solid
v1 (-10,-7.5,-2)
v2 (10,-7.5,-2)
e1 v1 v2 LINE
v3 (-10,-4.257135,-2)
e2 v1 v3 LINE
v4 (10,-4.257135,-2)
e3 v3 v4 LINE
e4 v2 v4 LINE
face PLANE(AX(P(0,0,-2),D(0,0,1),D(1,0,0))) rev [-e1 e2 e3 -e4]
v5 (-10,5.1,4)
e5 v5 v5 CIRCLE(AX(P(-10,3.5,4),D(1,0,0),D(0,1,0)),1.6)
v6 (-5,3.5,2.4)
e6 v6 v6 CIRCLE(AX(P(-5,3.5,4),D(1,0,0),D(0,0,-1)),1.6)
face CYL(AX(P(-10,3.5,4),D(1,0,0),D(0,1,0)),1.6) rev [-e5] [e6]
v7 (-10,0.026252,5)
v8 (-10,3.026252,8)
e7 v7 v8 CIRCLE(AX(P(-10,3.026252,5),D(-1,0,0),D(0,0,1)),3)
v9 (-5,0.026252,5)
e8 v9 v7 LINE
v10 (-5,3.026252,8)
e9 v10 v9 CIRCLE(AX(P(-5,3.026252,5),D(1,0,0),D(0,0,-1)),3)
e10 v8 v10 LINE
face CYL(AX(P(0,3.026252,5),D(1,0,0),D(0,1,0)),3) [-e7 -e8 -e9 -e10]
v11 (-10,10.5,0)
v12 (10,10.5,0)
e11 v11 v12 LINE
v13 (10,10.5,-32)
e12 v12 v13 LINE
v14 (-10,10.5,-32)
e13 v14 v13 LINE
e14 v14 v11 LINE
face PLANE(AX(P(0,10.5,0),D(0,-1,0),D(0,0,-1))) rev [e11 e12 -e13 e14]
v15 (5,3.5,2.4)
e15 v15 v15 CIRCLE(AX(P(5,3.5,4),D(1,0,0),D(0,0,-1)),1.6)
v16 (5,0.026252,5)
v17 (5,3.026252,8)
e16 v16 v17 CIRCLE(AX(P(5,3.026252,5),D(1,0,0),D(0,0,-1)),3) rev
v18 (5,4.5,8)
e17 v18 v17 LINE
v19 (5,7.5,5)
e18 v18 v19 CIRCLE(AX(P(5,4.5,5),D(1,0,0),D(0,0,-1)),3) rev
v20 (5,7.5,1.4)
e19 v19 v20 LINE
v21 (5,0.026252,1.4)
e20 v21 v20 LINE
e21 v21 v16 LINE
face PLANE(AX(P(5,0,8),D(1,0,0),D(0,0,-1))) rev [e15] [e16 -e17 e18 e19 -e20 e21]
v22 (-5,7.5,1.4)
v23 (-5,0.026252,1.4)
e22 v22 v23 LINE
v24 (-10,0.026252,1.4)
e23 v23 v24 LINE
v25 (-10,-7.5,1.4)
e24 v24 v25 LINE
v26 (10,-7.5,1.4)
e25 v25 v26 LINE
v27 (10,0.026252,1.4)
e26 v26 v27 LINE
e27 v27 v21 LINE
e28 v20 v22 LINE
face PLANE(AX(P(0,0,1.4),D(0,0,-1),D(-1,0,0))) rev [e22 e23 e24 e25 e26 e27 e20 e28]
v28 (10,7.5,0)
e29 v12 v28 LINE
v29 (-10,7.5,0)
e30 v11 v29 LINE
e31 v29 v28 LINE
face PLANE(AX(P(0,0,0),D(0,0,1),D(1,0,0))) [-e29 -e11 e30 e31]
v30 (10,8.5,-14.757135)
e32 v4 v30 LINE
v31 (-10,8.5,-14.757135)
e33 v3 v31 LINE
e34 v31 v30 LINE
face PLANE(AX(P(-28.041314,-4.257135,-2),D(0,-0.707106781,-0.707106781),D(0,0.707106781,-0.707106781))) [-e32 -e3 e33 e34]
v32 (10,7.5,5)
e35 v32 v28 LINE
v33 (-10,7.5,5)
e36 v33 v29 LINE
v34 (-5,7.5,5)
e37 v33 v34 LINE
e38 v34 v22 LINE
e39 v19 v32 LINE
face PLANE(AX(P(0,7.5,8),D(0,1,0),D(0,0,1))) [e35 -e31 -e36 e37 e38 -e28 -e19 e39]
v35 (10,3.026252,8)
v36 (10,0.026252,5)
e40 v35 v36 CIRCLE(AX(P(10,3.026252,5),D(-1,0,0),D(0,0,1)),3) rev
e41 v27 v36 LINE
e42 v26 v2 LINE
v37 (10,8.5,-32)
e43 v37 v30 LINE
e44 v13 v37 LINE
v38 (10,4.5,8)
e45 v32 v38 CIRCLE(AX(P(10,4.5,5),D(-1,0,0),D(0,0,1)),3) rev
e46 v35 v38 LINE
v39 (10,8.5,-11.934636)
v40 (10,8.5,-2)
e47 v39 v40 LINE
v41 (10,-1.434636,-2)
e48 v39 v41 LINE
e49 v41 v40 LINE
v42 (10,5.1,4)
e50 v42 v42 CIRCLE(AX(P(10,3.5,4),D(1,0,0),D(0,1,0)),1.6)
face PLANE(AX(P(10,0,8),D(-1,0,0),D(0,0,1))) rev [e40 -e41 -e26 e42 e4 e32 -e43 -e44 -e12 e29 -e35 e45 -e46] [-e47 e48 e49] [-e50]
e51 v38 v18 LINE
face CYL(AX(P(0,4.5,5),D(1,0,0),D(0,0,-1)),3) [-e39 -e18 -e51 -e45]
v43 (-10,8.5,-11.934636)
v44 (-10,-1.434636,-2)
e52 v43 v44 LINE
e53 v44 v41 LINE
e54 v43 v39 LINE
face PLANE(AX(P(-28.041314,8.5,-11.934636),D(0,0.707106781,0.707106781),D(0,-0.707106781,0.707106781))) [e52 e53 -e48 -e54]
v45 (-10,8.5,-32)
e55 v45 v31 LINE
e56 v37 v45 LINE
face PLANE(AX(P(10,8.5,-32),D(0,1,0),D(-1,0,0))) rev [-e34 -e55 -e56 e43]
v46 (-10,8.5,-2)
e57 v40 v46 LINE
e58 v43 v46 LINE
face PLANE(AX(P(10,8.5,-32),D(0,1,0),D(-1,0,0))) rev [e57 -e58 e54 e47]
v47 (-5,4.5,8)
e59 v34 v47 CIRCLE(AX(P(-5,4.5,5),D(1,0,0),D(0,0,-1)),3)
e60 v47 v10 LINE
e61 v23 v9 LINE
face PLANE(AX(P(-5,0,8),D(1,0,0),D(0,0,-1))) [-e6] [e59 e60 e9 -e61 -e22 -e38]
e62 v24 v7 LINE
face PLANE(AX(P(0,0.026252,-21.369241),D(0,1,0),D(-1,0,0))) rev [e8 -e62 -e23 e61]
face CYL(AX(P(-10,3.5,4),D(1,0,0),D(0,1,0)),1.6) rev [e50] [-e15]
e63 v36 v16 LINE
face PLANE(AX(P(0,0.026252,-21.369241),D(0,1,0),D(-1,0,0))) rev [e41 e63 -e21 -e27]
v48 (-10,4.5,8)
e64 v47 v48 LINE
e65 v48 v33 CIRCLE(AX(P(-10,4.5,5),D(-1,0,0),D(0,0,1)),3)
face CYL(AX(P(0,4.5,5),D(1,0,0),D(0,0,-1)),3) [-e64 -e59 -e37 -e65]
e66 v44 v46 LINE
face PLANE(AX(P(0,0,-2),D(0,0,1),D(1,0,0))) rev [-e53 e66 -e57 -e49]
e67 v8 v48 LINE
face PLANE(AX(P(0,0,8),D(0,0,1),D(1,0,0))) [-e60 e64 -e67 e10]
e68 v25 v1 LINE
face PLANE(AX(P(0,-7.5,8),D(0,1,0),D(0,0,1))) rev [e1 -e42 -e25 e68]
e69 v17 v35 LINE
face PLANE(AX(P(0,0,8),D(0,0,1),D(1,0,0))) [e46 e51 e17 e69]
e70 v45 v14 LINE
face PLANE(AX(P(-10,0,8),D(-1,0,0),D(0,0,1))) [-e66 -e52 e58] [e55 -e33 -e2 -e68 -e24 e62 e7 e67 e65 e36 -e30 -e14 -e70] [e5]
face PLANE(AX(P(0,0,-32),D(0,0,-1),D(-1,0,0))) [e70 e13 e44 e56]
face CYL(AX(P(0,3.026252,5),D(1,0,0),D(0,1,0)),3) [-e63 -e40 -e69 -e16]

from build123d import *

# Parameters (mm, degrees)
BOSS_EXTRUDE1_DEPTH = 8
SKETCH1_3_W         = 10
SKETCH1_3_H         = 7.5
BOSS_EXTRUDE2_DEPTH = 2
SKETCH2_R           = 1.6
CUT_EXTRUDE1_DEPTH  = 23.808989456
CUT_EXTRUDE3_DEPTH  = 8
FILLET1_R           = 3
BOSS_EXTRUDE3_DEPTH = 3
SKETCH5_W           = 20
SKETCH5_H           = 2
BOSS_EXTRUDE4_DEPTH = 30
BOSS_EXTRUDE5_DEPTH = 20
BOSS_EXTRUDE6_DEPTH = 1.4


with BuildPart() as part:
    # Sketch1 → Boss-Extrude1 (new body)
    with BuildSketch(Plane.XY):
        Polygon((-10, 7.5), (-10, -7.5), (10, -7.5), (10, 7.5), (5, 7.5), (5, 0), (-5, 0), (-5, 7.5), align=None)
    extrude(amount=BOSS_EXTRUDE1_DEPTH)

    # Sketch1<3> → Boss-Extrude2 (add)
    with BuildSketch(Plane.XY):
        Polygon((-10, 7.5), (-10, -7.5), (10, -7.5), (10, 7.5), (5, 7.5), (5, 0), (-5, 0), (-5, 7.5), align=None)
        with Locations((0, 3.75)):
            Rectangle(SKETCH1_3_W, SKETCH1_3_H)
    extrude(amount=-BOSS_EXTRUDE2_DEPTH)

    # Sketch2 → Cut-Extrude1 (cut, through all)
    with BuildSketch(Plane(origin=(10, 0, 0), x_dir=(0, 0, -1), z_dir=(1, 0, 0))):
        with Locations(Location((-4, 3.5, 0), (0, 0, 90))):
            Circle(SKETCH2_R)
    extrude(amount=-CUT_EXTRUDE1_DEPTH, mode=Mode.SUBTRACT)

    # Sketch3 → Cut-Extrude3 (cut)
    with BuildSketch(Plane.XY.offset(8)):
        Polygon((10, -7.5), (10, 0.026252142), (5, 0.026252142), (5, 0), (-5, 0), (-5, 0.026252142), (-10, 0.026252142), (-10, -7.5), align=None)
    extrude(amount=-CUT_EXTRUDE3_DEPTH, mode=Mode.SUBTRACT)

    # Fillet1
    fillet1_edges = [part.edges().sort_by_distance(p)[0] for p in [
        (-7.5, 7.5, 8),
        (7.5, 0.026252142, 8),
        (7.5, 7.5, 8),
        (-7.5, 0.026252142, 8),
    ]]
    fillet(fillet1_edges, radius=FILLET1_R)

    # Sketch4 → Boss-Extrude3 (add)
    with BuildSketch(Plane(origin=(0, 7.5, 0), x_dir=(1, 0, 0), z_dir=(0, 1, 0))):
        Polygon((-5, 0), (5, 0), (10, 0), (10, 2), (-10, 2), (-10, 0), align=None)
    extrude(amount=BOSS_EXTRUDE3_DEPTH)

    # Sketch5 → Boss-Extrude4 (add)
    with BuildSketch(Plane(origin=(0, 0, -2), x_dir=(-1, 0, 0), z_dir=(0, 0, -1))):
        with Locations((0, 9.5)):
            Rectangle(SKETCH5_W, SKETCH5_H)
    extrude(amount=BOSS_EXTRUDE4_DEPTH)

    # Sketch8 → Boss-Extrude5 (add)
    with BuildSketch(Plane(origin=(10, 0, 0), x_dir=(0, 0, -1), z_dir=(1, 0, 0))):
        Polygon((14.757135199, 8.5), (11.934636095, 8.5), (2, -1.434636095), (2, -4.257135199), align=None)
    extrude(amount=-BOSS_EXTRUDE5_DEPTH)

    # Sketch9 → Boss-Extrude6 (add)
    with BuildSketch(Plane.XY):
        Polygon((-5, 7.5), (5, 7.5), (5, 0.026252142), (10, 0.026252142), (10, -7.5), (-10, -7.5), (-10, 0.026252142), (-5, 0.026252142), align=None)
    extrude(amount=BOSS_EXTRUDE6_DEPTH)


solid = part.part
